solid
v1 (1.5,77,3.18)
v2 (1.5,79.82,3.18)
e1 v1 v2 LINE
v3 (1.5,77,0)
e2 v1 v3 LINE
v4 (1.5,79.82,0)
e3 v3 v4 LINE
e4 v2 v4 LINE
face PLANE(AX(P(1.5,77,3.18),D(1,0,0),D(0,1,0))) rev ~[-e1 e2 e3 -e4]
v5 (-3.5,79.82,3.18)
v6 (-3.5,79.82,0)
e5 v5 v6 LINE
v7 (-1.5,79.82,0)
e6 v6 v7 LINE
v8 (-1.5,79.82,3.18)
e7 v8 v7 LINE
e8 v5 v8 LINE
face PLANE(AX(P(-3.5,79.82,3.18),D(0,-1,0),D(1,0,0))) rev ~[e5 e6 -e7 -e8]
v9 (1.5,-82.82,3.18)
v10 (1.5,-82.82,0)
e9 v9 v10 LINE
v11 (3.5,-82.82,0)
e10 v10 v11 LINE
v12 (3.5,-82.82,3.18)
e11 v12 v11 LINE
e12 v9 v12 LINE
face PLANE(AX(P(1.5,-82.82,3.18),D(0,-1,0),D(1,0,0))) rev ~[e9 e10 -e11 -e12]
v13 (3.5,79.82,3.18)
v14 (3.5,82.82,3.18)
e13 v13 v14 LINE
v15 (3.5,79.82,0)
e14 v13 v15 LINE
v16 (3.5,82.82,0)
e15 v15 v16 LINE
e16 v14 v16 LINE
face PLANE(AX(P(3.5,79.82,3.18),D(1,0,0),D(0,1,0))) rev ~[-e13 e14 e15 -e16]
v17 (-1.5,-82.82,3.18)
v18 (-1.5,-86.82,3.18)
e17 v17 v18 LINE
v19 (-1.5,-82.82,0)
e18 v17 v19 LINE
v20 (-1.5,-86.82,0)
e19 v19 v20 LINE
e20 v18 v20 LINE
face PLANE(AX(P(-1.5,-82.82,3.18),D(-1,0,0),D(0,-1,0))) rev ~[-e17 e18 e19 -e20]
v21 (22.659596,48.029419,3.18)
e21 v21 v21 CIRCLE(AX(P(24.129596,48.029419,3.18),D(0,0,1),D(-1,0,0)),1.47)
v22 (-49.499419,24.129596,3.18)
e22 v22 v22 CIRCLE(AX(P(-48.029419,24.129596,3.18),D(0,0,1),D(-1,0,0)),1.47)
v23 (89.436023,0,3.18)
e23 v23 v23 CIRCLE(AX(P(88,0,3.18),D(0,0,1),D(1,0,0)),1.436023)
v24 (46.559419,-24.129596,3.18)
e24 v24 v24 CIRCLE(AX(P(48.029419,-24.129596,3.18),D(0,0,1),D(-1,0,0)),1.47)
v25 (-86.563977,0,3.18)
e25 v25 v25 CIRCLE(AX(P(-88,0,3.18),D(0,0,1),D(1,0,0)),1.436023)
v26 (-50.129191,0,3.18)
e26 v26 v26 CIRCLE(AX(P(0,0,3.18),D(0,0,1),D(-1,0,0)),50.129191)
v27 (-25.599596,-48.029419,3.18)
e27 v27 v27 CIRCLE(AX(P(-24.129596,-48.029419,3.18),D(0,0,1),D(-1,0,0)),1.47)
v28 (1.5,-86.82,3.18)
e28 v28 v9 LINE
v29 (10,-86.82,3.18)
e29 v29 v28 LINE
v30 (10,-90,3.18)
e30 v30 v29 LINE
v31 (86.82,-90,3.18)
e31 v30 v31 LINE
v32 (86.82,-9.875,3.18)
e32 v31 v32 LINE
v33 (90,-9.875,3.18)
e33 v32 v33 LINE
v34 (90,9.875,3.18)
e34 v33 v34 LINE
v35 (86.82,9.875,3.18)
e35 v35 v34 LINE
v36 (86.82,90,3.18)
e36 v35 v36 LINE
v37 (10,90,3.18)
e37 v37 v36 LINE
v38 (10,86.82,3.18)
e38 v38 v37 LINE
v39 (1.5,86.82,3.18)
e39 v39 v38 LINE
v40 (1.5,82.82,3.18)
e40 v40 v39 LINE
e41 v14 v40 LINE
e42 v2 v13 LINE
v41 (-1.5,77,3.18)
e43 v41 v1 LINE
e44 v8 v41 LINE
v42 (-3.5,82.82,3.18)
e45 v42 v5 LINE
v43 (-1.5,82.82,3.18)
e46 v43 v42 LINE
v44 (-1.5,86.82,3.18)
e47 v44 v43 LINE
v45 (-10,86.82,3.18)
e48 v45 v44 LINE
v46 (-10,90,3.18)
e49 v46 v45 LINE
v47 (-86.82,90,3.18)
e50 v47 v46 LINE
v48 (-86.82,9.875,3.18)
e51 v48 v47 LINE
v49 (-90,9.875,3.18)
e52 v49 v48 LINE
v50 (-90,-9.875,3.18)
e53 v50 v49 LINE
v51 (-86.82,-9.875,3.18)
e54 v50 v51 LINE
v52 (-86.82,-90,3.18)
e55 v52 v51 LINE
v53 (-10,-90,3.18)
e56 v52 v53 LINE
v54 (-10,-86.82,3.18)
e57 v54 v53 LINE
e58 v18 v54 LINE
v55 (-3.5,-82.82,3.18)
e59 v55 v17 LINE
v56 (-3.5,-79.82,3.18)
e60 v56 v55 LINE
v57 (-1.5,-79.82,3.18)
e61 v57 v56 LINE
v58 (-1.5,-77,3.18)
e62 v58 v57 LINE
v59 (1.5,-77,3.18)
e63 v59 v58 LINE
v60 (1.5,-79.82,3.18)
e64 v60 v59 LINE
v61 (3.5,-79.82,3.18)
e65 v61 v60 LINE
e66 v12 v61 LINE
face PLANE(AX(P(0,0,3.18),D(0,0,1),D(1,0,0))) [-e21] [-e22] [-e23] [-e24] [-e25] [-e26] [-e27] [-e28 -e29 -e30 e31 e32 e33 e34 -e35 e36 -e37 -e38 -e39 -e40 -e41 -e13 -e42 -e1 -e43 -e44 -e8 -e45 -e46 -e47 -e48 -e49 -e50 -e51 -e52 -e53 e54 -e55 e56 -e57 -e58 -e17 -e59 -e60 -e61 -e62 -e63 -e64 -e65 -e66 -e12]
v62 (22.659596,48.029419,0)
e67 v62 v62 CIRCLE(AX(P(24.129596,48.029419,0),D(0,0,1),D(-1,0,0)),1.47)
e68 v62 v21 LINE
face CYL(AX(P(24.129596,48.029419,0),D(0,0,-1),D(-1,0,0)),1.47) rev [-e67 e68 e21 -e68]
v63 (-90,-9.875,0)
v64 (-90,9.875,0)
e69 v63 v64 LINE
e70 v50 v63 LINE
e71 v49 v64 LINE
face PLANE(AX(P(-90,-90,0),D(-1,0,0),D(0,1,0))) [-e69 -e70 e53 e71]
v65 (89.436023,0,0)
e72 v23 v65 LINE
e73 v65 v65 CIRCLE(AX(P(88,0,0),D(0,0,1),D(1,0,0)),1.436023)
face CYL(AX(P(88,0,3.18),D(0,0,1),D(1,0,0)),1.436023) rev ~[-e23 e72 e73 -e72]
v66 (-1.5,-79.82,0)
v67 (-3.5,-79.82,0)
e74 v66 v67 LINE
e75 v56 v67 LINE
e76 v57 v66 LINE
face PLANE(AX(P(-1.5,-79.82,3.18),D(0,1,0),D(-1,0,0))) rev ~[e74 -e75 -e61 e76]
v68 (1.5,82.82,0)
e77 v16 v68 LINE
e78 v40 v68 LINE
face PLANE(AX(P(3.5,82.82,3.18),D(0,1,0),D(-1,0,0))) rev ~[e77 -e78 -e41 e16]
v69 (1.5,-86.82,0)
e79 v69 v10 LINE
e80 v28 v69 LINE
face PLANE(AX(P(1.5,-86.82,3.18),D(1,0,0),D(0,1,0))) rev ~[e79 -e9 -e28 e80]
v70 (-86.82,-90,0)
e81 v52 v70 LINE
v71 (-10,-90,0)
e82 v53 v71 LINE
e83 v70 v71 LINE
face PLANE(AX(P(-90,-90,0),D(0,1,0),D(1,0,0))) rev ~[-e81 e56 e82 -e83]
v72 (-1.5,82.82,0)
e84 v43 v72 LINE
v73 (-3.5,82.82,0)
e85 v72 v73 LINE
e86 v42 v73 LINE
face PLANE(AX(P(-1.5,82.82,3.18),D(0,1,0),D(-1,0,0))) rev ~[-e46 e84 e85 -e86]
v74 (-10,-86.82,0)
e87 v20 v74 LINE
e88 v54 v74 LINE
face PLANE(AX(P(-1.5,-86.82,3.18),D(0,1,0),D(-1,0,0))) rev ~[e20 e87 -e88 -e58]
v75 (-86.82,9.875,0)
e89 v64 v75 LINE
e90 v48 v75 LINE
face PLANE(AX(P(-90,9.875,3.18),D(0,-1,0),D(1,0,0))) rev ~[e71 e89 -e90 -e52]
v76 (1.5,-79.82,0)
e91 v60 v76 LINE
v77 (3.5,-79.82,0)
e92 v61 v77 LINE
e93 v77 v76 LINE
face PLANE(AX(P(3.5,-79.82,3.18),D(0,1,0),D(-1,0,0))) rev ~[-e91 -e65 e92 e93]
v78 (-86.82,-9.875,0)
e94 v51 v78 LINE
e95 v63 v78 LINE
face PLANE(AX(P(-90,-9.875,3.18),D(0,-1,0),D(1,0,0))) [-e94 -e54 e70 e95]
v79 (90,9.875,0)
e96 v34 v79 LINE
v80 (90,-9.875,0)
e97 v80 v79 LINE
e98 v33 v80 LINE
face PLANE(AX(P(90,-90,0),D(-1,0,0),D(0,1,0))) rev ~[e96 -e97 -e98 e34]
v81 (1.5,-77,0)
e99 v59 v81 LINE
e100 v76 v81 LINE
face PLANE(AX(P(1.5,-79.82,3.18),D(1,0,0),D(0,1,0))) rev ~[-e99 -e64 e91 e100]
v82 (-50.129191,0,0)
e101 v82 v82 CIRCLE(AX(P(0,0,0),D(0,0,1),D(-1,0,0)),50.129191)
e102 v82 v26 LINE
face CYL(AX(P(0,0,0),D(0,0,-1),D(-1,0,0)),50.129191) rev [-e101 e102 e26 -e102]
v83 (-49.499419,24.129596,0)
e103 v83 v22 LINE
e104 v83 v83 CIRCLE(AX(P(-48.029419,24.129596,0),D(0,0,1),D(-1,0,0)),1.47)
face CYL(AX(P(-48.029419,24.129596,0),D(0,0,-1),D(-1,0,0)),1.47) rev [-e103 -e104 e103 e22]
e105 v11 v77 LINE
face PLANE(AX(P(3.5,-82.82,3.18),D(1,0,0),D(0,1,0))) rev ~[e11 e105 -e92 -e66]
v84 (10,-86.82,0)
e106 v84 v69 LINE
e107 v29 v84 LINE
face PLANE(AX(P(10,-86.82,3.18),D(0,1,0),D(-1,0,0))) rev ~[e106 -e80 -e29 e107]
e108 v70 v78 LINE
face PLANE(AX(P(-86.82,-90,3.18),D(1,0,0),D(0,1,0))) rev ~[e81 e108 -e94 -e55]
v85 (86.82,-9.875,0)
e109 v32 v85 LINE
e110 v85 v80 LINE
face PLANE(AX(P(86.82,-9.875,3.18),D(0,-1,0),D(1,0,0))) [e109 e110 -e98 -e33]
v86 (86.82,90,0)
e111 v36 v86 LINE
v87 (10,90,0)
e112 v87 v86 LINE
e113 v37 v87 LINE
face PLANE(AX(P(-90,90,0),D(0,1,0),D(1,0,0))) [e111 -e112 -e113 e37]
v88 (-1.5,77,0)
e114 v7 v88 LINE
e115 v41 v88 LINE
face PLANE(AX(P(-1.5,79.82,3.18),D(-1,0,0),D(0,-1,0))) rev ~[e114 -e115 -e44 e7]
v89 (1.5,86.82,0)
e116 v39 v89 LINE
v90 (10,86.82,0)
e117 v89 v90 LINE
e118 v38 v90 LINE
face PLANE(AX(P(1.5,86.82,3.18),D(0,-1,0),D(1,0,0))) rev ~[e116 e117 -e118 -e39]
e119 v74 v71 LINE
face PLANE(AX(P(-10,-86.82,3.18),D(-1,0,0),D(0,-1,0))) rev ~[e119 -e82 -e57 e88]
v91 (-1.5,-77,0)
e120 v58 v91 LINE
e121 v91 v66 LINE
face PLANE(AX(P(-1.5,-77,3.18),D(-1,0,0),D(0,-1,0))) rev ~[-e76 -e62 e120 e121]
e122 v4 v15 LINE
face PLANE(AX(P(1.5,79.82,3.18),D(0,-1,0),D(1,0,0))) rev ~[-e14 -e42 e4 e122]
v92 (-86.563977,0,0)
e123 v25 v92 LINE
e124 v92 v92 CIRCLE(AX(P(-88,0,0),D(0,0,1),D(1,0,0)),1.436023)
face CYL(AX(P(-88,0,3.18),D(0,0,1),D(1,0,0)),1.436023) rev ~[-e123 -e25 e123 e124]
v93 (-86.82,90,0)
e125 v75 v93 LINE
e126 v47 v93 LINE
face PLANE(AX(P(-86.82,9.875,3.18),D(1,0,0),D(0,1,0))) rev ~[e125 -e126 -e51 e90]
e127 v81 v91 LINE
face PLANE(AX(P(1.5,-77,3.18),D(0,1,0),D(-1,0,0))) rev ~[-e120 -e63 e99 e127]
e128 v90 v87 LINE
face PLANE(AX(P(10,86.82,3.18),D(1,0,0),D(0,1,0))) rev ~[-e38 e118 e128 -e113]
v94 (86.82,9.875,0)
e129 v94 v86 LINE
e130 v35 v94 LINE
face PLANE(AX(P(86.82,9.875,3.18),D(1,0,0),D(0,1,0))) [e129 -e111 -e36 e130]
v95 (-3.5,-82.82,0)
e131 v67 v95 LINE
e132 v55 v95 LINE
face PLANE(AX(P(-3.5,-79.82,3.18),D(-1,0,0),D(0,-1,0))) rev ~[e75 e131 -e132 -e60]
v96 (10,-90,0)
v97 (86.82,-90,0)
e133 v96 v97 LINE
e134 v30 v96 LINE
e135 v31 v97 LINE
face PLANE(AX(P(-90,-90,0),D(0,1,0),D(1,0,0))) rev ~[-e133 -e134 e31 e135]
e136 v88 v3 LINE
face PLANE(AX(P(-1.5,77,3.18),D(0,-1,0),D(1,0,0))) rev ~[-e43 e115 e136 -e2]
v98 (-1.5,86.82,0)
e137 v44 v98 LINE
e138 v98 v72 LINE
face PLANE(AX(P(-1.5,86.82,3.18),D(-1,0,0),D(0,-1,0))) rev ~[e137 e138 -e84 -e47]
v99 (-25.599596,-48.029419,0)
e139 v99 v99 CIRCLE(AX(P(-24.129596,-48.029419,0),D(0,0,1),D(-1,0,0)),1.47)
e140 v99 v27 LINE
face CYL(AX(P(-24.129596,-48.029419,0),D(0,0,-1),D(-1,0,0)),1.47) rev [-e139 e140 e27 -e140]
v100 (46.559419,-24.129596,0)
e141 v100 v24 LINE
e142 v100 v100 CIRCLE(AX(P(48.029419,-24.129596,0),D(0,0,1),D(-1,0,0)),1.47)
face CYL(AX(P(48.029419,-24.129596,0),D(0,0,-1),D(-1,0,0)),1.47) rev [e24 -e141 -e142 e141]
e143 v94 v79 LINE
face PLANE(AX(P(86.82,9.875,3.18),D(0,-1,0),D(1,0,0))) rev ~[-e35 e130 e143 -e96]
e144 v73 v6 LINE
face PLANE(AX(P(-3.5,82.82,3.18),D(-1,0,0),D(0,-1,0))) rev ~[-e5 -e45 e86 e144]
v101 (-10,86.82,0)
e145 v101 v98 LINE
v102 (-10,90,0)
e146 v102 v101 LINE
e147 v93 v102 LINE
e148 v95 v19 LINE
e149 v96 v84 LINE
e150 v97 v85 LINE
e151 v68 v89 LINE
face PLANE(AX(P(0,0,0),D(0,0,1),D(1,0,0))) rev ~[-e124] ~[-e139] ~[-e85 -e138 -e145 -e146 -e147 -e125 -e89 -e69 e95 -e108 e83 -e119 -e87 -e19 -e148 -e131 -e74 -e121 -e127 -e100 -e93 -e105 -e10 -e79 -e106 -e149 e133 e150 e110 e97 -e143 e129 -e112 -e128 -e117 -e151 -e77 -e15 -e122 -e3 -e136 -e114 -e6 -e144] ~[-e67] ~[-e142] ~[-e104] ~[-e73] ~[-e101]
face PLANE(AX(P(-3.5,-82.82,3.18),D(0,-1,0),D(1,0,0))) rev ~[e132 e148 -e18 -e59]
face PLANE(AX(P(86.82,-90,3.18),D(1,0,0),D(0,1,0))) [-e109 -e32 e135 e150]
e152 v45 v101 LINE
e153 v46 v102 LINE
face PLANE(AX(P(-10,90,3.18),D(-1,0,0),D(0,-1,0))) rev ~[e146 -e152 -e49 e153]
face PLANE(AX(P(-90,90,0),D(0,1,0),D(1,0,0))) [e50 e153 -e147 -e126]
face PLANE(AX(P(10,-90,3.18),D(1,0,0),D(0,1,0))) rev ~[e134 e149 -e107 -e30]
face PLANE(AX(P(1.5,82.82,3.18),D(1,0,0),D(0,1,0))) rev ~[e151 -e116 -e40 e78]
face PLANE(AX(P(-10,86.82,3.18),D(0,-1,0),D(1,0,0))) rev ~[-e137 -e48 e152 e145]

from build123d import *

# Parameters (mm, degrees)
SKETCH3_W           = 180
SKETCH3_H           = 180
SKETCH3_R           = 50.129190947
SKETCH3_R_2         = 1.47
BOSS_EXTRUDE1_DEPTH = 3.18
CUT_EXTRUDE1_DEPTH  = 128.318939675
SKETCH5_R           = 1.436023081
SKETCH5_W           = 3.18
SKETCH5_H           = 80.125
CUT_EXTRUDE2_DEPTH  = 128.318939675


with BuildPart() as part:
    # Sketch3 → Boss-Extrude1 (new body)
    with BuildSketch(Plane.XY):
        Rectangle(SKETCH3_W, SKETCH3_H)
        with Locations(Location((0, 0, 0), (0, 0, 180))):
            Circle(SKETCH3_R, mode=Mode.SUBTRACT)
        with Locations(Location((-48.029419272, 24.129595611, 0), (0, 0, 180))):
            Circle(SKETCH3_R_2, mode=Mode.SUBTRACT)
        with Locations(Location((-24.129595611, -48.029419272, 0), (0, 0, 180))):
            Circle(SKETCH3_R_2, mode=Mode.SUBTRACT)
        with Locations(Location((48.029419272, -24.129595611, 0), (0, 0, 180))):
            Circle(SKETCH3_R_2, mode=Mode.SUBTRACT)
        with Locations(Location((24.129595611, 48.029419272, 0), (0, 0, 180))):
            Circle(SKETCH3_R_2, mode=Mode.SUBTRACT)
    extrude(amount=BOSS_EXTRUDE1_DEPTH)

    # Sketch4 → Cut-Extrude1 (cut, through all)
    with BuildSketch(Plane.XY.offset(3.18)):
        Polygon((1.5, 86.82), (10, 86.82), (10, 90), (-10, 90), (-10, 86.82), (-1.5, 86.82), (-1.5, 82.82), (-3.5, 82.82), (-3.5, 79.82), (-1.5, 79.82), (-1.5, 77), (1.5, 77), (1.5, 79.82), (3.5, 79.82), (3.5, 82.82), (1.5, 82.82), align=None)
        Polygon((1.5, -79.82), (1.5, -77), (-1.5, -77), (-1.5, -79.82), (-3.5, -79.82), (-3.5, -82.82), (-1.5, -82.82), (-1.5, -86.82), (-10, -86.82), (-10, -90), (10, -90), (10, -86.82), (1.5, -86.82), (1.5, -82.82), (3.5, -82.82), (3.5, -79.82), align=None)
    extrude(amount=-CUT_EXTRUDE1_DEPTH, mode=Mode.SUBTRACT)

    # Sketch5 → Cut-Extrude2 (cut, through all)
    with BuildSketch(Plane.XY.offset(3.18)):
        with Locations((-88, 0)):
            Circle(SKETCH5_R)
        with Locations((88, 0)):
            Circle(SKETCH5_R)
        with Locations((-88.41, 49.9375)):
            Rectangle(SKETCH5_W, SKETCH5_H)
        with Locations((-88.41, -49.9375)):
            Rectangle(SKETCH5_W, SKETCH5_H)
        with Locations((88.41, -49.9375)):
            Rectangle(SKETCH5_W, SKETCH5_H)
        with Locations((88.41, 49.9375)):
            Rectangle(SKETCH5_W, SKETCH5_H)
    extrude(amount=-CUT_EXTRUDE2_DEPTH, mode=Mode.SUBTRACT)


solid = part.part
